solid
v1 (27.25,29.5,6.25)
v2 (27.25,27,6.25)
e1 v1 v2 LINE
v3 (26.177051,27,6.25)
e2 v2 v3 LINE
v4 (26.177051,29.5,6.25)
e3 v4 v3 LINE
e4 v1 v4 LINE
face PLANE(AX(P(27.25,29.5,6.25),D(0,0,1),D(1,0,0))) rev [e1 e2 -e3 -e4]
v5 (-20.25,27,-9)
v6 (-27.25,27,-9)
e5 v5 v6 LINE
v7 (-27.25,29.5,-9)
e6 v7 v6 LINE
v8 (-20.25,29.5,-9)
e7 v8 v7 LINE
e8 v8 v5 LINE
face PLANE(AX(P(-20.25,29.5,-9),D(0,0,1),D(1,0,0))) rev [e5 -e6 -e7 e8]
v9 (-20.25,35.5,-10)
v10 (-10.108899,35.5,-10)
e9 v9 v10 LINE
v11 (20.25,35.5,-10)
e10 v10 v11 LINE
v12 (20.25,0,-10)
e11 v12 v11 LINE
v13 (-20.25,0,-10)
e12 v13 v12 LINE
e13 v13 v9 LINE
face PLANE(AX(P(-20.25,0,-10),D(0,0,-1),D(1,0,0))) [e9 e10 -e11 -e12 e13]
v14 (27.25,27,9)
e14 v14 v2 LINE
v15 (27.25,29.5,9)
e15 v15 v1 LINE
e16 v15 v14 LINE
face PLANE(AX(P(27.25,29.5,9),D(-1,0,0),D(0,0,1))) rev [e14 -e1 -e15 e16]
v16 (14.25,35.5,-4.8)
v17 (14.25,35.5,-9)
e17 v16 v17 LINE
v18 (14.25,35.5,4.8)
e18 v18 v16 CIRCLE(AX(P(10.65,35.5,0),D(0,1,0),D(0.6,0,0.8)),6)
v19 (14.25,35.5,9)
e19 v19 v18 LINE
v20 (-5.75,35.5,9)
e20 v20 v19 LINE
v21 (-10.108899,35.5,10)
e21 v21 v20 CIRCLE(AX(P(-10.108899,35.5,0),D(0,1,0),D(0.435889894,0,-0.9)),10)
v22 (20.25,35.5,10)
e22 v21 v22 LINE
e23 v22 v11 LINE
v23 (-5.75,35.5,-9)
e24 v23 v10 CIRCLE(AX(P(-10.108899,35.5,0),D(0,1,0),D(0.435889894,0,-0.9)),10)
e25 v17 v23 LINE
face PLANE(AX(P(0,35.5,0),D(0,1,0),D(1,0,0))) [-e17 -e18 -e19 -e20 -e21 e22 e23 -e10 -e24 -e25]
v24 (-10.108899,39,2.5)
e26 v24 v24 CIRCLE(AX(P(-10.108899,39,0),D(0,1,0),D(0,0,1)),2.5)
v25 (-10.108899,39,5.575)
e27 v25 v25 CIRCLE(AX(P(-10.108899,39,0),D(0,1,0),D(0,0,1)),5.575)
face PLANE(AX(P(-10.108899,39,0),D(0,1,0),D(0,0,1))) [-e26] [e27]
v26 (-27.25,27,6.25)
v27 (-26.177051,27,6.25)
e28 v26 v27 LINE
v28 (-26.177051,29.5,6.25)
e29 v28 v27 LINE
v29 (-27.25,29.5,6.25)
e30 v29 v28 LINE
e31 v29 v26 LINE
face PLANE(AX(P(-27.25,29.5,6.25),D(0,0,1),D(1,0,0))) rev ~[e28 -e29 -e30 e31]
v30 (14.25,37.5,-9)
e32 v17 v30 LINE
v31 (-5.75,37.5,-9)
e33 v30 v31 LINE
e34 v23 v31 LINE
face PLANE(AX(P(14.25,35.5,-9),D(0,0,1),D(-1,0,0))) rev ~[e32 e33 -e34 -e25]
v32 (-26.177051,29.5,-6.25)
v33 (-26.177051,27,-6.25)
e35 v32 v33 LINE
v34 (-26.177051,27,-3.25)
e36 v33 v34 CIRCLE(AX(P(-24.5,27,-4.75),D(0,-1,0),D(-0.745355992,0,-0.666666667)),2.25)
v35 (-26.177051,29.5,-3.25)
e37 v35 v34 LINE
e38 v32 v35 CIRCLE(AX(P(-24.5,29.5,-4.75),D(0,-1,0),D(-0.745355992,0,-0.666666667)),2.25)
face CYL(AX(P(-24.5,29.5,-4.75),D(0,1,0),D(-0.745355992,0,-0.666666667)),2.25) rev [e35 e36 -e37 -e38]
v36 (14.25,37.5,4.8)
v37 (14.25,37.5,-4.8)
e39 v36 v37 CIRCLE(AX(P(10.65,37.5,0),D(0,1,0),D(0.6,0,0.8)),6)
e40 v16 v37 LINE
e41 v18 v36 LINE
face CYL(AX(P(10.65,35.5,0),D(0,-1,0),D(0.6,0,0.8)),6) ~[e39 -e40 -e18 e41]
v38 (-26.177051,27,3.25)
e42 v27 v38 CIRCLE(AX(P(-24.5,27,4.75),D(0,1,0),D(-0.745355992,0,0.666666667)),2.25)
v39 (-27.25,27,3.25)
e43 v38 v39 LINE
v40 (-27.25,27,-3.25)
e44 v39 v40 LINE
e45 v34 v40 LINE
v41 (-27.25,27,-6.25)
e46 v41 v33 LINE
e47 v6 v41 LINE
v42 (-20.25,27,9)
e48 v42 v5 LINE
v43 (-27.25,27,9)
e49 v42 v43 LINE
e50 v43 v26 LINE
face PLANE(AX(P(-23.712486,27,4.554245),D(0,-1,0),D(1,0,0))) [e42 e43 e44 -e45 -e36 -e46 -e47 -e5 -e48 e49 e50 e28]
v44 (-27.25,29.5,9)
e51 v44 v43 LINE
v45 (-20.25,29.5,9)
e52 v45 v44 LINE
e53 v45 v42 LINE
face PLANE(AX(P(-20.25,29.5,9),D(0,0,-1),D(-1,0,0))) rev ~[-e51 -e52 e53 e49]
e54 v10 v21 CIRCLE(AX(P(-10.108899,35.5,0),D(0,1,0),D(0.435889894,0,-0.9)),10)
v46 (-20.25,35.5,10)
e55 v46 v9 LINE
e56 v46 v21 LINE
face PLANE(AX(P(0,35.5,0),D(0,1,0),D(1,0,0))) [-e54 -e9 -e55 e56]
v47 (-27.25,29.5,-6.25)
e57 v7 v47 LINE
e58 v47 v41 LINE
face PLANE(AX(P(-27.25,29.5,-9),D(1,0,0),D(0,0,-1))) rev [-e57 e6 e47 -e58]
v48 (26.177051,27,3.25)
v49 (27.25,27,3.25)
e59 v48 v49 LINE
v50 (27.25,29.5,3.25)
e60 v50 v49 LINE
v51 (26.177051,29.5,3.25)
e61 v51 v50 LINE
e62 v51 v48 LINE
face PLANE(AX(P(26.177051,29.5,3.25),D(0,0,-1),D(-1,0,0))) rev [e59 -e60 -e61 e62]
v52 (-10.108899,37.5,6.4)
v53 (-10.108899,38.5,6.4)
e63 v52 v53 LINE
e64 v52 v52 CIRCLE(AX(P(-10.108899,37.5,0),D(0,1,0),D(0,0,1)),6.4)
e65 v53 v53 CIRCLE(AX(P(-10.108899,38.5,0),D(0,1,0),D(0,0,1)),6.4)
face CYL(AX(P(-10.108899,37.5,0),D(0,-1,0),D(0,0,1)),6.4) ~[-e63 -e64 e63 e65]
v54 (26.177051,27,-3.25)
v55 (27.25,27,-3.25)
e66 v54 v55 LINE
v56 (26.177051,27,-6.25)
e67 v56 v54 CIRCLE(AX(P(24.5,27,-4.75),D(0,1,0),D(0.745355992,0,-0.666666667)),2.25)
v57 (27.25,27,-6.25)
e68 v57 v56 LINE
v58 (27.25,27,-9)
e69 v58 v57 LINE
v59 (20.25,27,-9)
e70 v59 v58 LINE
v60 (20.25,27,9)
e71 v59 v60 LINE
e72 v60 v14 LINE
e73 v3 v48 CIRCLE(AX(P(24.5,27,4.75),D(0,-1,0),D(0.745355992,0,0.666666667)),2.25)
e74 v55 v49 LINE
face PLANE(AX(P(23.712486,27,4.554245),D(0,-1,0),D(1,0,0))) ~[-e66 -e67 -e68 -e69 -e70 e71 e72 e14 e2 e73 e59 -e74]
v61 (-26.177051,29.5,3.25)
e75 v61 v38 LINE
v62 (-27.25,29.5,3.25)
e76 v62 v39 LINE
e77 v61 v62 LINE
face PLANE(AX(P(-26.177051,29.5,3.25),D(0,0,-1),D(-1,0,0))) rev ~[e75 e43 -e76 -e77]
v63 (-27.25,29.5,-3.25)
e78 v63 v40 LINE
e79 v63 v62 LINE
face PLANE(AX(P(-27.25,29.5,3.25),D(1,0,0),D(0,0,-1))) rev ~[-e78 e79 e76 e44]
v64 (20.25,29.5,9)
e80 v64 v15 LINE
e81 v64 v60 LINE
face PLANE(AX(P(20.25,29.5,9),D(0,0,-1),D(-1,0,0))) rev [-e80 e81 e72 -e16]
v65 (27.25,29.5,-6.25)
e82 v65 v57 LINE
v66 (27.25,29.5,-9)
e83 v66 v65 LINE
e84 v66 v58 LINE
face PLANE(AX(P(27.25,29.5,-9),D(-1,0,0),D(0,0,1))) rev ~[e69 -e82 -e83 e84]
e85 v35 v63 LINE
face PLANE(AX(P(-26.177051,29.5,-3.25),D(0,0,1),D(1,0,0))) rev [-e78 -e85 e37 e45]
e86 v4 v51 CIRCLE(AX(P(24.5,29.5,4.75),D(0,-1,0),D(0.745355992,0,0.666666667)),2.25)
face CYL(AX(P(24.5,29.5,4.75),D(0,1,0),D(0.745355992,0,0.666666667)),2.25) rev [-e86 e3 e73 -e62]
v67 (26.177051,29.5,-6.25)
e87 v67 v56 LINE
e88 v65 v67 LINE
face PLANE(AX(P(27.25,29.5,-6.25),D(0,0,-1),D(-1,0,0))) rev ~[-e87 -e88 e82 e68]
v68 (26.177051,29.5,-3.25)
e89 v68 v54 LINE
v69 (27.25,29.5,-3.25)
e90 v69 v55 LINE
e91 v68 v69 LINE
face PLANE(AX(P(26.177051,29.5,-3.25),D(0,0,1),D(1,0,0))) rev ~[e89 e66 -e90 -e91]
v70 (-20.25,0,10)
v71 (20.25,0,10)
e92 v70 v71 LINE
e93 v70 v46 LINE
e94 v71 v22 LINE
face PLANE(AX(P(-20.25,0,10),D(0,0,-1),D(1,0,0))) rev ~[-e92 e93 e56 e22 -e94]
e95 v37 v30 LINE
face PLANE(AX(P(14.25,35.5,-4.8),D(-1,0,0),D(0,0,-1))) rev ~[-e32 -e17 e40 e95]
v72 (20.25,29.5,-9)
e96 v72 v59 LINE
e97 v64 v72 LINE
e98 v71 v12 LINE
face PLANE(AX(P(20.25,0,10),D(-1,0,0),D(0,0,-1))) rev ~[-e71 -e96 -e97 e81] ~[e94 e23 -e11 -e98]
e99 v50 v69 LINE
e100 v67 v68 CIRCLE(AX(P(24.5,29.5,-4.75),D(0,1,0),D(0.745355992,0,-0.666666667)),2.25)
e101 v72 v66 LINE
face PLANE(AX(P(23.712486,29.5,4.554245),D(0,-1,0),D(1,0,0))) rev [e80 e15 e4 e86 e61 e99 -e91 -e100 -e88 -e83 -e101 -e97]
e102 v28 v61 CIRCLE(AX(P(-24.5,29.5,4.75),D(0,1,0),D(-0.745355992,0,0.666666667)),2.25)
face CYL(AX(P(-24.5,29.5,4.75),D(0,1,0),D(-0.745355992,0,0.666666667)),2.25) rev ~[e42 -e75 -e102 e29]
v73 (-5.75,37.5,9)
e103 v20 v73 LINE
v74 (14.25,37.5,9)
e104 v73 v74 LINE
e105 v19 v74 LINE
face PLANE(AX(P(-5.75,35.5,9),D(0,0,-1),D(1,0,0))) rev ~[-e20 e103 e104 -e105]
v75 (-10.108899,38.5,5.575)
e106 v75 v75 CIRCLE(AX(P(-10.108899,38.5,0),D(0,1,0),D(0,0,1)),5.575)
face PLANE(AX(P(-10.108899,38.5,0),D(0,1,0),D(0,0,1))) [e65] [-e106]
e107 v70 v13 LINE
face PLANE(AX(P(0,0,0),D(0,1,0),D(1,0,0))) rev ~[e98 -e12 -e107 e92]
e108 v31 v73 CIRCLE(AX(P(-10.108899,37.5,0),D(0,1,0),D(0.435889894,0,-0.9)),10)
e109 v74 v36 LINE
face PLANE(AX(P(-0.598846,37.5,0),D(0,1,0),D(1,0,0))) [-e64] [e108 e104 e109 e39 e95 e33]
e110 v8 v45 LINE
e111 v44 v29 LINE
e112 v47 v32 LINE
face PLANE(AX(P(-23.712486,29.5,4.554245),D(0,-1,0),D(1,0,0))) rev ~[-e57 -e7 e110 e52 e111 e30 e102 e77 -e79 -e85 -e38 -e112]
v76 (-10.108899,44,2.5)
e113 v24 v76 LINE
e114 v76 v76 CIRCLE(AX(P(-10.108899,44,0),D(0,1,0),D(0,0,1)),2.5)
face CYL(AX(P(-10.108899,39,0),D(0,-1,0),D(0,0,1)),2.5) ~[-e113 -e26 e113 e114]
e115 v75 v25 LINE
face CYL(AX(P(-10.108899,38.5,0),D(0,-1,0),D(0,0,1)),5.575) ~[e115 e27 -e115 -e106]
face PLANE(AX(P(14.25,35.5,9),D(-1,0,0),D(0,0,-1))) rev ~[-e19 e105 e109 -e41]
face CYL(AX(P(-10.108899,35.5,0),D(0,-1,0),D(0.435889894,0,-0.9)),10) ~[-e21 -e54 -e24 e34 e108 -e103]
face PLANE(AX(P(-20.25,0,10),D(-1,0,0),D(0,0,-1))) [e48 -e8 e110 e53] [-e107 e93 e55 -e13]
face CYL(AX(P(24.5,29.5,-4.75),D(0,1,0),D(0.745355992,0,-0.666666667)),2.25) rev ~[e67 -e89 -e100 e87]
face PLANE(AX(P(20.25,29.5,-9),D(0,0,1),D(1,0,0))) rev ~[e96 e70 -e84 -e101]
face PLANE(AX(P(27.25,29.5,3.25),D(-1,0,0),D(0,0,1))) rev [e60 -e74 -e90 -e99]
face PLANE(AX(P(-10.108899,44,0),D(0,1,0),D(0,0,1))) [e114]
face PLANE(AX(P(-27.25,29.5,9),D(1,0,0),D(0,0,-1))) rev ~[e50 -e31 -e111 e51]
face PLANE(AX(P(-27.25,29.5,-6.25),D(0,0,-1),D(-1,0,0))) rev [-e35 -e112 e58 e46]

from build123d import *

# Parameters (mm, degrees)
SKETCH1_W            = 40.5
SKETCH1_H            = 20
BOSS_EXTRUDE1_DEPTH  = 35.5
BOSS_EXTRUDE2_DEPTH  = 2
SKETCH3_R            = 6.4
BOSS_EXTRUDE3_DEPTH  = 1
SKETCH4_R            = 5.575
BOSS_EXTRUDE4_DEPTH  = 0.5
BOSS_EXTRUDE5_DEPTH  = 2.5
MIRROR2_COPY_1_DEPTH = 2.5
SKETCH6_R            = 2.5
BOSS_EXTRUDE6_DEPTH  = 5


with BuildPart() as part:
    # Sketch1 → Boss-Extrude1 (new body)
    with BuildSketch(Plane(origin=(0, 0, 0), x_dir=(1, 0, 0), z_dir=(0, 1, 0))):
        Rectangle(SKETCH1_W, SKETCH1_H)
    extrude(amount=BOSS_EXTRUDE1_DEPTH)

    # Sketch2 → Boss-Extrude2 (add)
    with BuildSketch(Plane(origin=(0, 35.5, 0), x_dir=(1, 0, 0), z_dir=(0, 1, 0))):
        with BuildLine():
            Line((-5.75, -9), (14.25, -9))
            Line((14.25, -9), (14.25, -4.8))
            ThreePointArc((14.25, -4.8), (16.65, 0), (14.25, 4.8))
            Line((14.25, 4.8), (14.25, 9))
            Line((14.25, 9), (-5.75, 9))
            ThreePointArc((-5.75, 9), (-20.108898944, 0), (-5.75, -9))
        make_face()
    extrude(amount=BOSS_EXTRUDE2_DEPTH)

    # Sketch3 → Boss-Extrude3 (add)
    with BuildSketch(Plane(origin=(0, 37.5, 0), x_dir=(1, 0, 0), z_dir=(0, 1, 0))):
        with Locations(Location((-10.108898944, 0, 0), (0, 0, 270))):
            Circle(SKETCH3_R)
    extrude(amount=BOSS_EXTRUDE3_DEPTH)

    # Sketch4 → Boss-Extrude4 (add)
    with BuildSketch(Plane(origin=(0, 38.5, 0), x_dir=(1, 0, 0), z_dir=(0, 1, 0))):
        with Locations(Location((-10.108898944, 0, 0), (0, 0, 270))):
            Circle(SKETCH4_R)
    extrude(amount=BOSS_EXTRUDE4_DEPTH)

    # Sketch5 → Boss-Extrude5 (add)
    with BuildSketch(Plane(origin=(0, 29.5, 0), x_dir=(1, 0, 0), z_dir=(0, 1, 0))):
        with BuildLine():
            Line((20.25, 9), (27.25, 9))
            Line((27.25, 9), (27.25, 6.25))
            Line((27.25, 6.25), (26.177050983, 6.25))
            ThreePointArc((26.177050983, 6.25), (22.25, 4.75), (26.177050983, 3.25))
            Line((26.177050983, 3.25), (27.25, 3.25))
            Line((27.25, 3.25), (27.25, 0))
            Line((27.25, 0), (20.25, 0))
            Line((20.25, 0), (20.25, 9))
        make_face()
    boss_extrude5 = extrude(amount=-BOSS_EXTRUDE5_DEPTH)

    # Mirror1: Boss-Extrude5 across plane
    add(boss_extrude5.mirror(Plane(origin=(0, 0, 0), x_dir=(0, 0, 1), z_dir=(1, 0, 0))))

    # Mirror2: Boss-Extrude5 across plane
    add(boss_extrude5.mirror(Plane.XY))

    # Mirror2 copy 1 sketch → Mirror2 copy 1 (add)
    with BuildSketch(Plane(origin=(0, 29.5, 0), x_dir=(-1, 0, 0), z_dir=(0, 1, 0))):
        with BuildLine():
            Line((20.25, 9), (27.25, 9))
            Line((27.25, 9), (27.25, 6.25))
            Line((27.25, 6.25), (26.177050983, 6.25))
            ThreePointArc((26.177050983, 6.25), (22.25, 4.75), (26.177050983, 3.25))
            Line((26.177050983, 3.25), (27.25, 3.25))
            Line((27.25, 3.25), (27.25, 0))
            Line((27.25, 0), (20.25, 0))
            Line((20.25, 0), (20.25, 9))
        make_face()
    extrude(amount=-MIRROR2_COPY_1_DEPTH)

    # Sketch6 → Boss-Extrude6 (add)
    with BuildSketch(Plane(origin=(0, 39, 0), x_dir=(1, 0, 0), z_dir=(0, 1, 0))):
        with Locations(Location((-10.108898944, 0, 0), (0, 0, 270))):
            Circle(SKETCH6_R)
    extrude(amount=BOSS_EXTRUDE6_DEPTH)


solid = part.part
